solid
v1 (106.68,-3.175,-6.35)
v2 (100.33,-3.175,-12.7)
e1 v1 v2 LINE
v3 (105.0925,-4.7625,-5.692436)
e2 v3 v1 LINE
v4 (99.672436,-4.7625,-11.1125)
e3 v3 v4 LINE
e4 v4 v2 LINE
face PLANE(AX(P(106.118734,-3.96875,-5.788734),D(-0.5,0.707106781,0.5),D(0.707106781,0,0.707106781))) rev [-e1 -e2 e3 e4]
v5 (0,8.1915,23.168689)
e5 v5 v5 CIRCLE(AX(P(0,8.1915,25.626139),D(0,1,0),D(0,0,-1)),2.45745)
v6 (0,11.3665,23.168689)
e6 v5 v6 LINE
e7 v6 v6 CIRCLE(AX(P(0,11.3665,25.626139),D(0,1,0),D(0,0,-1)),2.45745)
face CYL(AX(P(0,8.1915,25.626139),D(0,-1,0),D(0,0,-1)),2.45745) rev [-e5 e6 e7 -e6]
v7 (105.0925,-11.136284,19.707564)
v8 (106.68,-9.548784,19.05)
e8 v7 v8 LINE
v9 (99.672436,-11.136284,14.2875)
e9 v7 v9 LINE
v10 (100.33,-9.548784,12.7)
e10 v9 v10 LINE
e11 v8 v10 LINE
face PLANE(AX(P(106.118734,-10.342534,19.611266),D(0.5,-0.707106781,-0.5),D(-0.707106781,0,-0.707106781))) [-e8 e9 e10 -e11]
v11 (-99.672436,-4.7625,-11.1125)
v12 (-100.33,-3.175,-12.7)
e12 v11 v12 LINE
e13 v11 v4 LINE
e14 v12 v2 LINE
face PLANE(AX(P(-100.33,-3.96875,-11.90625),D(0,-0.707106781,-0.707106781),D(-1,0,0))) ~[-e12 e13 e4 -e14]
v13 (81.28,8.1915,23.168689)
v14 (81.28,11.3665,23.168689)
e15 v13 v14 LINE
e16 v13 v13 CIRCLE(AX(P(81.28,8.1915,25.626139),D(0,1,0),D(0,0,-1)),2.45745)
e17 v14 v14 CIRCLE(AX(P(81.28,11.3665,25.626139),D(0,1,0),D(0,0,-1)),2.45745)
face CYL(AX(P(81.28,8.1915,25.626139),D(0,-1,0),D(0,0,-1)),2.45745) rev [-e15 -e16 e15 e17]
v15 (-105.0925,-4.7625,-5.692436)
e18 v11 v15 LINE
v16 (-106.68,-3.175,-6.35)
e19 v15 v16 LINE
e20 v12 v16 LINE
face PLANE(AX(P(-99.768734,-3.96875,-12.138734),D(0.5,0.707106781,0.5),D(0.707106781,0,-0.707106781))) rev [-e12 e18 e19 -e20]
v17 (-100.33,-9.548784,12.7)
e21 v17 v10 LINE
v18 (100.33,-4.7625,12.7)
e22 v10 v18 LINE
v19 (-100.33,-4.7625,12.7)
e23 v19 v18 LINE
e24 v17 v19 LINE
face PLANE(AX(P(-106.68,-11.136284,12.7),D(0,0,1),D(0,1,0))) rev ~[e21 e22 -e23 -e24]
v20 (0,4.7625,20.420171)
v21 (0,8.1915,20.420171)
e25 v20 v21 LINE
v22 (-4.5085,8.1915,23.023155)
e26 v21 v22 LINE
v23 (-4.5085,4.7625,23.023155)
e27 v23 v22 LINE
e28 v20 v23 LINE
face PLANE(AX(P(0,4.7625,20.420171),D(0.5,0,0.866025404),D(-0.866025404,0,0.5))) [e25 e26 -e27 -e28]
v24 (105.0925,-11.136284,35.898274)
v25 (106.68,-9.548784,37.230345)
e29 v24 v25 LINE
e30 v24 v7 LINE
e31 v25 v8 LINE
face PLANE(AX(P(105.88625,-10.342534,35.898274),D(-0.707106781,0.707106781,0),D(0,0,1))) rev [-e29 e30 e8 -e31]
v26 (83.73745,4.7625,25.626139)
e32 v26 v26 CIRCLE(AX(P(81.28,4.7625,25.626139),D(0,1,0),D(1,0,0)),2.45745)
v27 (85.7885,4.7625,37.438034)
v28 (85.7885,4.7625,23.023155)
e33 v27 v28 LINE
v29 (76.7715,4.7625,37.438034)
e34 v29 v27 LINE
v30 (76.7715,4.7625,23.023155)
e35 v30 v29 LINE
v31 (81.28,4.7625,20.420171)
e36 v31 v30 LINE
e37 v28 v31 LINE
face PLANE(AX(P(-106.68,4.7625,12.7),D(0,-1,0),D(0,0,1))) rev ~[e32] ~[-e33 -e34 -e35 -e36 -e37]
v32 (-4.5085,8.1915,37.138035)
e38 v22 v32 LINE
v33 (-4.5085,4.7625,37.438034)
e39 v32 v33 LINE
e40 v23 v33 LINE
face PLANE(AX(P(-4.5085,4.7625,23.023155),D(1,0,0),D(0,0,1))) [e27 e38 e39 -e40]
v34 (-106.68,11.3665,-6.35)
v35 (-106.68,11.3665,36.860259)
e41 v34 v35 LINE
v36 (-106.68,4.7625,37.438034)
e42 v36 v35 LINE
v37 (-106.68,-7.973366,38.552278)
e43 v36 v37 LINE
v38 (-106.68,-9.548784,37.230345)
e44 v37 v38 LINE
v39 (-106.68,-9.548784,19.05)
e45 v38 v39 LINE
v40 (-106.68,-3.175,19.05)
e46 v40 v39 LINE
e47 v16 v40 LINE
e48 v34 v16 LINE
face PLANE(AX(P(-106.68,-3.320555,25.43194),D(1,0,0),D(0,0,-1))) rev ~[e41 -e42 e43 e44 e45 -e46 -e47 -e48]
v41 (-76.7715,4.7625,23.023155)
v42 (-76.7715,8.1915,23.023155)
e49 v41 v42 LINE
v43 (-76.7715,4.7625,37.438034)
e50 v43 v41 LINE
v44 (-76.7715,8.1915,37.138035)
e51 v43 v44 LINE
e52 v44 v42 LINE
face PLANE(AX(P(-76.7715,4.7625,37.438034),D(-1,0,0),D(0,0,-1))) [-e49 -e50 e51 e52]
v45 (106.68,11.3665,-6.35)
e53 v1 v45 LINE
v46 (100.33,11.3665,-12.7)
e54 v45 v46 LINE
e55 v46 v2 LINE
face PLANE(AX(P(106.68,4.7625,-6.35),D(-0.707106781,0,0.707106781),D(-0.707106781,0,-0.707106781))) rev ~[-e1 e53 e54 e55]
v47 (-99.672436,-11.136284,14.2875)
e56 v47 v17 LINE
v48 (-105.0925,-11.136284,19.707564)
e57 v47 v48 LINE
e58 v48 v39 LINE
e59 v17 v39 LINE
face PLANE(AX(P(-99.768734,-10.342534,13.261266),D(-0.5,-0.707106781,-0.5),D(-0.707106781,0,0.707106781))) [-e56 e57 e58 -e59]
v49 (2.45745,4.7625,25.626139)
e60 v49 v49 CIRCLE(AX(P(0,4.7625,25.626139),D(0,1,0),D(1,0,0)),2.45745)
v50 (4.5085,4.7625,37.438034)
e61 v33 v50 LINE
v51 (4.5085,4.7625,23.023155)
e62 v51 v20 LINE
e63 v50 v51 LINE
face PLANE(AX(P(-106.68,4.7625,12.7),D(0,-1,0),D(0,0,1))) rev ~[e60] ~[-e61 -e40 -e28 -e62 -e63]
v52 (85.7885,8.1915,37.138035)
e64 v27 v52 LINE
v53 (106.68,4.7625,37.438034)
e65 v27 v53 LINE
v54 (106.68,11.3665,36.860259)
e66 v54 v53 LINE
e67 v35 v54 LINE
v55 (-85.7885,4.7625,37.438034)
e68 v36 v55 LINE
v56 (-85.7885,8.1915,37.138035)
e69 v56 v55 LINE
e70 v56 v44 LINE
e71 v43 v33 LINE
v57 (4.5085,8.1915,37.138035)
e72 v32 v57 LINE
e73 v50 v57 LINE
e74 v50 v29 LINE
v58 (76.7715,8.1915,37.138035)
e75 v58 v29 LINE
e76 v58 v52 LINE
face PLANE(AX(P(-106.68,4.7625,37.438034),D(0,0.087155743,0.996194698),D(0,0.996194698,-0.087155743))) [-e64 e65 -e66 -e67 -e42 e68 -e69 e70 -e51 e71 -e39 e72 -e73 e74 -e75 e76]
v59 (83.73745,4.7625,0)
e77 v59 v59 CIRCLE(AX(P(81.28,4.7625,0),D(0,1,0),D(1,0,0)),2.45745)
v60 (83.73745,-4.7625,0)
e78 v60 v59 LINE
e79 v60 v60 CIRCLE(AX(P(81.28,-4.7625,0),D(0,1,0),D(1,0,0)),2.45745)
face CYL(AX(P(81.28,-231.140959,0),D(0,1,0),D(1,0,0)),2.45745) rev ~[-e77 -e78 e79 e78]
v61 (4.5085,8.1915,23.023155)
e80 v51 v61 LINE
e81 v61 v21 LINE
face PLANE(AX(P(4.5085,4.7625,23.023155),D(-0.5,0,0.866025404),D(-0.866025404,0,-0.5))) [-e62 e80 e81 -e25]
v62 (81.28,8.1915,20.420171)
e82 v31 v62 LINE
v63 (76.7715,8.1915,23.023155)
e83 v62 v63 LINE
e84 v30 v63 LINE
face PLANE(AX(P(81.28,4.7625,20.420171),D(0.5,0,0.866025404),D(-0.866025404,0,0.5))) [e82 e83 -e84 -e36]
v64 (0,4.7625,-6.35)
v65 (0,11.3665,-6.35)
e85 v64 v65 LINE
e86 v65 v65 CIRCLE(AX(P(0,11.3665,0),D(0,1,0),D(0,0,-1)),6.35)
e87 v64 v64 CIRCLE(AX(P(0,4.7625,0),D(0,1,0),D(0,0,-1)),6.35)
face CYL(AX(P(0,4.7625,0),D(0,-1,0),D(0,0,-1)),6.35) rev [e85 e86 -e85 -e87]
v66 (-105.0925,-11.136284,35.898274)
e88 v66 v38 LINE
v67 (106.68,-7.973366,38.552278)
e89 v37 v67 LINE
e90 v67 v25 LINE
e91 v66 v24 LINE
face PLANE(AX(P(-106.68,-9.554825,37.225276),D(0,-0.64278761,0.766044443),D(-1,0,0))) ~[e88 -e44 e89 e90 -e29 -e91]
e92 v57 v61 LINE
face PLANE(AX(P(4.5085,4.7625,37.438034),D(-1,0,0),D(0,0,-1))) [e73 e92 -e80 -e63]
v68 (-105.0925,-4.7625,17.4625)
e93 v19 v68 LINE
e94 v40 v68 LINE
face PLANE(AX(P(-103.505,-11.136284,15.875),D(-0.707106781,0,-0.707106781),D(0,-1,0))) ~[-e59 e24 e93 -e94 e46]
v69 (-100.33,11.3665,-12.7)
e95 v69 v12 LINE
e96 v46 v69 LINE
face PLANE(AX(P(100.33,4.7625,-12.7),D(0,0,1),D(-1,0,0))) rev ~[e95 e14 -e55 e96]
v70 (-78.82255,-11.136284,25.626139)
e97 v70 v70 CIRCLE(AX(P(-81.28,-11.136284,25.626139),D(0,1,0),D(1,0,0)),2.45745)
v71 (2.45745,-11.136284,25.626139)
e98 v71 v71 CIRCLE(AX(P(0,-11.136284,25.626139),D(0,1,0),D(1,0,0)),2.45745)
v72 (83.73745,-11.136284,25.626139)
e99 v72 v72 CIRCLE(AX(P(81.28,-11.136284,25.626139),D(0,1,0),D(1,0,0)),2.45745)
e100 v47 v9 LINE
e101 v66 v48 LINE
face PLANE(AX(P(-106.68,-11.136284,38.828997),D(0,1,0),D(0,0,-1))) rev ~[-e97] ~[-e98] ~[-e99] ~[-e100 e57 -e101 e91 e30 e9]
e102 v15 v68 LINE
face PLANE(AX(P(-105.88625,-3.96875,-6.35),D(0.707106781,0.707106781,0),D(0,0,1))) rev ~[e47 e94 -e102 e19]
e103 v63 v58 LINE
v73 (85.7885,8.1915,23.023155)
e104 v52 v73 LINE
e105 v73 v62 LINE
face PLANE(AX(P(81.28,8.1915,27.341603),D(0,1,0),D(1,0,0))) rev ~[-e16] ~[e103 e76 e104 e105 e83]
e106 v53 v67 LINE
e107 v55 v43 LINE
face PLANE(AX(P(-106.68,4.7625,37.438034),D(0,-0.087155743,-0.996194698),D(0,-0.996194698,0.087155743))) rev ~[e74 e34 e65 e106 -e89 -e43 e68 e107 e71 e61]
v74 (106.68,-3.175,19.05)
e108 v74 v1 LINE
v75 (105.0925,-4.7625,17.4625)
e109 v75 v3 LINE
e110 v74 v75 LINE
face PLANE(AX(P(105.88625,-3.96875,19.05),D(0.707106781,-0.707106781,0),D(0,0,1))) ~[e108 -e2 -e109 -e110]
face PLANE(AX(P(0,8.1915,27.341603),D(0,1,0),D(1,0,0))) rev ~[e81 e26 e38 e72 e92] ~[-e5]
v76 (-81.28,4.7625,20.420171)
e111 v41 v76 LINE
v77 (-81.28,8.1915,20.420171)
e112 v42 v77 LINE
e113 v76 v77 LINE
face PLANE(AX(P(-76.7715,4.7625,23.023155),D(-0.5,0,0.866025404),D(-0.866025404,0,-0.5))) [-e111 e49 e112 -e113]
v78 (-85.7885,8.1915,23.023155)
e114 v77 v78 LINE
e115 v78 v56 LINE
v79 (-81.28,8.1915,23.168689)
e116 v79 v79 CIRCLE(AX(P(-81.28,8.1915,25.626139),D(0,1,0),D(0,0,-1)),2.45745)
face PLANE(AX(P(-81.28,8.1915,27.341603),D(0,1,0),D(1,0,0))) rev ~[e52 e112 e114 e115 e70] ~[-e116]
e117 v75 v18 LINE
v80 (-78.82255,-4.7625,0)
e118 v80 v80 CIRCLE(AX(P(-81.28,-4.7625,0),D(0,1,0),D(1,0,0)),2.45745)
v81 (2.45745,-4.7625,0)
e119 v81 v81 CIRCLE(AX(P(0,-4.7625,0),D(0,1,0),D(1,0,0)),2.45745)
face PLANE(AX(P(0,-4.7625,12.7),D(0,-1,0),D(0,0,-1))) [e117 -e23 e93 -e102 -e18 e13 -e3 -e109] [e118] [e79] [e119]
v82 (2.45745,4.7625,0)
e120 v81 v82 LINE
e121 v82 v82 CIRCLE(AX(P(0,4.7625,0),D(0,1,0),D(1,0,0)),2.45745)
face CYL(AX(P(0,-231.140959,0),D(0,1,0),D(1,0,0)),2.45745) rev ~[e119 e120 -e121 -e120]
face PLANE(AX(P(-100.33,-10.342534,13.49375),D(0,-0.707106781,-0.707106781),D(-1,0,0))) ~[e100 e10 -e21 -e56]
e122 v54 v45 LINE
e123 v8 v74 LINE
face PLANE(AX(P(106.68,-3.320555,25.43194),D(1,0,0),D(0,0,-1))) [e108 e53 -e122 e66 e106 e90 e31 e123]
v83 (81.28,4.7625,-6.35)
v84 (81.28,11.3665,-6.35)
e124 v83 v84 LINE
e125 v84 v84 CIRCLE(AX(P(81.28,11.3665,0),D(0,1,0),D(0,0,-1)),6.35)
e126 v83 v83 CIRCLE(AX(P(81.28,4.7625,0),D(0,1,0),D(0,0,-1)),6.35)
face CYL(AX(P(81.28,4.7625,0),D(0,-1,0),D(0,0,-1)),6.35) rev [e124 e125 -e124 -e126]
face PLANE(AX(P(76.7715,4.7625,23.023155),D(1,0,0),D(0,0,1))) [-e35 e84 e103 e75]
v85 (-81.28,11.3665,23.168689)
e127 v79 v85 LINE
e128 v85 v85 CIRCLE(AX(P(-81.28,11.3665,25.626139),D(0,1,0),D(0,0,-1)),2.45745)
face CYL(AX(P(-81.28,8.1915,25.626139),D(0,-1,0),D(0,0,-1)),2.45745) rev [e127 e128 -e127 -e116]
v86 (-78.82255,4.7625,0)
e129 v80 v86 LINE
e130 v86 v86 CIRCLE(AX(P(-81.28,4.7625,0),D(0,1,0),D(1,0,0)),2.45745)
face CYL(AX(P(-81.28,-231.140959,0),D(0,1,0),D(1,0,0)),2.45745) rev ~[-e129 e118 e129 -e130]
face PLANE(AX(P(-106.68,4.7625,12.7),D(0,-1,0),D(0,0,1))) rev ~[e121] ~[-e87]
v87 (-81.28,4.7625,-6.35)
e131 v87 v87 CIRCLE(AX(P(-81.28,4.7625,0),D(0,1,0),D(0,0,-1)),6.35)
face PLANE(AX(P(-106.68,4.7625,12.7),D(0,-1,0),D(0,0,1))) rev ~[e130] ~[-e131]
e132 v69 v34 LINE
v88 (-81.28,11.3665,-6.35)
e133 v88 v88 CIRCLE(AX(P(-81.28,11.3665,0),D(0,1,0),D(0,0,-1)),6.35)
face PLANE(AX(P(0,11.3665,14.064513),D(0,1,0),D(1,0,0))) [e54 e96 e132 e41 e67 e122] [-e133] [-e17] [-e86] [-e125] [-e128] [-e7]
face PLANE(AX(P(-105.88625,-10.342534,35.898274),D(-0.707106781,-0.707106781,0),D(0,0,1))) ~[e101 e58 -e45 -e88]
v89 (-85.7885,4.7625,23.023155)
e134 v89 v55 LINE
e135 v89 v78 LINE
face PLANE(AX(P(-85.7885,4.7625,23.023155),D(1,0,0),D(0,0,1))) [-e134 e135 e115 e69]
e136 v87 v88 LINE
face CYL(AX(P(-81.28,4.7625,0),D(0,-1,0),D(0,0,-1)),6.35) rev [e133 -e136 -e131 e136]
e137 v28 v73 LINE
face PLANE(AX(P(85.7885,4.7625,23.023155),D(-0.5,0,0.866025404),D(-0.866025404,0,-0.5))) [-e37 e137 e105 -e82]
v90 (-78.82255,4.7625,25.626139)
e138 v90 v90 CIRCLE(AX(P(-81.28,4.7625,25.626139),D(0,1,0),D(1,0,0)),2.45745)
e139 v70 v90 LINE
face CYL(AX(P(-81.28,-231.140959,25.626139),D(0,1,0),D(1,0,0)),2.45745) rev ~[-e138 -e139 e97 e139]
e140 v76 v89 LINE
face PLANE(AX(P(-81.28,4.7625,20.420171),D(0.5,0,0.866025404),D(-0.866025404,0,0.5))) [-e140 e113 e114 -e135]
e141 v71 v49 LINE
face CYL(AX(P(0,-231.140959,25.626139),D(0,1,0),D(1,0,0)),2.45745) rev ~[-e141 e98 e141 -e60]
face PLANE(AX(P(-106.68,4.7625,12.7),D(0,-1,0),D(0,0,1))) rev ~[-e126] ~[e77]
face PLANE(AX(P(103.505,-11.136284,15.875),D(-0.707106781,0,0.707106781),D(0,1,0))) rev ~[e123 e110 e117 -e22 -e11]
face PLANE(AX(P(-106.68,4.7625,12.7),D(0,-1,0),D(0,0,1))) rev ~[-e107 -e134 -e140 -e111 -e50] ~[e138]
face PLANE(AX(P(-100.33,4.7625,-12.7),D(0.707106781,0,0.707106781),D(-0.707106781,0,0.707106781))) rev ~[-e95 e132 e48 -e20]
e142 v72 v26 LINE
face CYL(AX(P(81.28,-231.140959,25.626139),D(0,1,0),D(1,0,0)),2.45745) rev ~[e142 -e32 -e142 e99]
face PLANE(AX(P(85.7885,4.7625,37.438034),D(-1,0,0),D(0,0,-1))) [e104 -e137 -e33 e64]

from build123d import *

# Parameters (mm, degrees)
SKETCH1_W             = 25.4
SKETCH1_H             = 9.525
BOSS_EXTRUDE1_DEPTH   = 106.68
BOSS_EXTRUDE2_DEPTH   = 213.36
CHAMFER1_SIZE         = 6.35
CHAMFER2_SIZE         = 3.175
CHAMFER2_SIZE2        = 2.93072295
F_8_CLEARANCE_HOLE1_D = 4.9149
CHAMFER3_SIZE         = 1.5875
BOSS_EXTRUDE3_DEPTH   = 3.429
SKETCH6_W             = 15.367
SKETCH6_H             = 20.192862299
SKETCH6_R             = 2.45745
BOSS_EXTRUDE4_DEPTH   = 3.175
SKETCH7_R             = 6.35
BOSS_EXTRUDE5_DEPTH   = 6.604
CUT_EXTRUDE1_DEPTH    = 218.112793351


with BuildPart() as part:
    # Sketch1 → Boss-Extrude1 (new, symmetric)
    with BuildSketch(Plane(origin=(0, 0, 0), x_dir=(0, 0, -1), z_dir=(1, 0, 0))):
        Rectangle(SKETCH1_W, SKETCH1_H)
    extrude(amount=BOSS_EXTRUDE1_DEPTH, both=True)

    # Sketch2 → Boss-Extrude2 (add, through all)
    with BuildSketch(Plane.ZY.offset(106.68)):
        Polygon((12.7, 4.7625), (37.438033761, 4.7625), (38.828997162, -11.13628443), (12.7, -11.13628443), align=None)
    extrude(amount=-BOSS_EXTRUDE2_DEPTH)

    # Chamfer1
    chamfer1_edges = [part.edges().sort_by_distance(p)[0] for p in [
        (106.68, 0, -12.7),
        (106.68, -7.949392215, 12.7),
        (-106.68, -7.949392215, 12.7),
        (-106.68, 0, -12.7),
    ]]
    chamfer(chamfer1_edges, length=CHAMFER1_SIZE)

    # Chamfer2
    chamfer2_edges = [part.edges().sort_by_distance(p)[0] for p in [
        (0, -11.13628443, 38.828997162),
    ]]
    chamfer2_side = [part.faces().sort_by_distance(p)[0] for p in [
        (0, -3.186892215, 38.133515462),
    ]]
    chamfer(chamfer2_edges, length=CHAMFER2_SIZE, length2=CHAMFER2_SIZE2, reference=chamfer2_side[0])

    # #8 Clearance Hole1 (through all)
    with Locations(Plane(origin=(0, -11.13628443, 0), x_dir=(-1, 0, 0), z_dir=(0, -1, 0))):
        with Locations((-81.28, -25.62613884), (0, 0), (0, -25.62613884), (81.28, -25.62613884), (81.28, 0), (-81.28, 0)):
            Hole(F_8_CLEARANCE_HOLE1_D / 2)

    # Chamfer3
    chamfer3_edges = [part.edges().sort_by_distance(p)[0] for p in [
        (0, -11.13628443, 12.7),
        (-106.68, -11.13628443, 27.474137106),
        (106.68, -11.13628443, 27.474137106),
        (-103.505, -11.13628443, 15.875),
        (103.505, -11.13628443, 15.875),
        (0, -4.7625, -12.7),
        (-103.505, -4.7625, -9.525),
        (103.505, -4.7625, -9.525),
        (-106.68, -4.7625, 6.35),
        (106.68, -4.7625, 6.35),
    ]]
    chamfer(chamfer3_edges, length=CHAMFER3_SIZE)

    # Sketch5 → Boss-Extrude3 (add)
    with BuildSketch(Plane(origin=(0, 4.7625, 0), x_dir=(1, 0, 0), z_dir=(0, 1, 0))):
        Polygon((85.7885, -37.438033761), (85.7885, -23.023155151), (81.28, -20.420171462), (76.7715, -23.023155151), (76.7715, -37.438033761), (73.5965, -37.438033761), (73.5965, -17.245171462), (88.9635, -17.245171462), (88.9635, -37.438033761), align=None)
        Polygon((4.5085, -37.438033761), (4.5085, -23.023155151), (0, -20.420171462), (-4.5085, -23.023155151), (-4.5085, -37.438033761), (-7.6835, -37.438033761), (-7.6835, -17.245171462), (7.6835, -17.245171462), (7.6835, -37.438033761), align=None)
        Polygon((-76.7715, -37.438033761), (-76.7715, -23.023155151), (-81.28, -20.420171462), (-85.7885, -23.023155151), (-85.7885, -37.438033761), (-88.9635, -37.438033761), (-88.9635, -17.245171462), (-73.5965, -17.245171462), (-73.5965, -37.438033761), align=None)
    extrude(amount=BOSS_EXTRUDE3_DEPTH)

    # Sketch6 → Boss-Extrude4 (add)
    with BuildSketch(Plane(origin=(0, 8.1915, 0), x_dir=(1, 0, 0), z_dir=(0, 1, 0))):
        with Locations((-81.28, -27.341602612)):
            Rectangle(SKETCH6_W, SKETCH6_H)
        with Locations(Location((-81.28, -25.62613884, 0), (0, 0, 90))):
            Circle(SKETCH6_R, mode=Mode.SUBTRACT)
        with Locations((0, -27.341602612)):
            Rectangle(SKETCH6_W, SKETCH6_H)
        with Locations(Location((0, -25.62613884, 0), (0, 0, 90))):
            Circle(SKETCH6_R, mode=Mode.SUBTRACT)
        with Locations((81.28, -27.341602612)):
            Rectangle(SKETCH6_W, SKETCH6_H)
        with Locations(Location((81.28, -25.62613884, 0), (0, 0, 90))):
            Circle(SKETCH6_R, mode=Mode.SUBTRACT)
    extrude(amount=BOSS_EXTRUDE4_DEPTH)

    # Sketch7 → Boss-Extrude5 (add)
    with BuildSketch(Plane(origin=(0, 4.7625, 0), x_dir=(1, 0, 0), z_dir=(0, 1, 0))):
        Polygon((-73.5965, -17.245171462), (-73.5965, -37.438033761), (-7.6835, -37.438033761), (-7.6835, -17.245171462), (7.6835, -17.245171462), (7.6835, -37.438033761), (73.5965, -37.438033761), (73.5965, -17.245171462), (88.9635, -17.245171462), (88.9635, -37.438033761), (106.68, -37.438033761), (106.68, 6.35), (100.33, 12.7), (-100.33, 12.7), (-106.68, 6.35), (-106.68, -37.438033761), (-88.9635, -37.438033761), (-88.9635, -17.245171462), align=None)
        with Locations(Location((81.28, 0, 0), (0, 0, 90))):
            Circle(SKETCH7_R, mode=Mode.SUBTRACT)
        with Locations(Location((0, 0, 0), (0, 0, 90))):
            Circle(SKETCH7_R, mode=Mode.SUBTRACT)
        with Locations(Location((-81.28, 0, 0), (0, 0, 90))):
            Circle(SKETCH7_R, mode=Mode.SUBTRACT)
    extrude(amount=BOSS_EXTRUDE5_DEPTH)

    # Sketch8 → Cut-Extrude1 (cut, through all)
    with BuildSketch(Plane.ZY.offset(106.68)):
        Polygon((37.438033761, 4.7625), (36.860258627, 11.3665), (37.438033761, 11.3665), align=None)
    extrude(amount=-CUT_EXTRUDE1_DEPTH, mode=Mode.SUBTRACT)


solid = part.part
